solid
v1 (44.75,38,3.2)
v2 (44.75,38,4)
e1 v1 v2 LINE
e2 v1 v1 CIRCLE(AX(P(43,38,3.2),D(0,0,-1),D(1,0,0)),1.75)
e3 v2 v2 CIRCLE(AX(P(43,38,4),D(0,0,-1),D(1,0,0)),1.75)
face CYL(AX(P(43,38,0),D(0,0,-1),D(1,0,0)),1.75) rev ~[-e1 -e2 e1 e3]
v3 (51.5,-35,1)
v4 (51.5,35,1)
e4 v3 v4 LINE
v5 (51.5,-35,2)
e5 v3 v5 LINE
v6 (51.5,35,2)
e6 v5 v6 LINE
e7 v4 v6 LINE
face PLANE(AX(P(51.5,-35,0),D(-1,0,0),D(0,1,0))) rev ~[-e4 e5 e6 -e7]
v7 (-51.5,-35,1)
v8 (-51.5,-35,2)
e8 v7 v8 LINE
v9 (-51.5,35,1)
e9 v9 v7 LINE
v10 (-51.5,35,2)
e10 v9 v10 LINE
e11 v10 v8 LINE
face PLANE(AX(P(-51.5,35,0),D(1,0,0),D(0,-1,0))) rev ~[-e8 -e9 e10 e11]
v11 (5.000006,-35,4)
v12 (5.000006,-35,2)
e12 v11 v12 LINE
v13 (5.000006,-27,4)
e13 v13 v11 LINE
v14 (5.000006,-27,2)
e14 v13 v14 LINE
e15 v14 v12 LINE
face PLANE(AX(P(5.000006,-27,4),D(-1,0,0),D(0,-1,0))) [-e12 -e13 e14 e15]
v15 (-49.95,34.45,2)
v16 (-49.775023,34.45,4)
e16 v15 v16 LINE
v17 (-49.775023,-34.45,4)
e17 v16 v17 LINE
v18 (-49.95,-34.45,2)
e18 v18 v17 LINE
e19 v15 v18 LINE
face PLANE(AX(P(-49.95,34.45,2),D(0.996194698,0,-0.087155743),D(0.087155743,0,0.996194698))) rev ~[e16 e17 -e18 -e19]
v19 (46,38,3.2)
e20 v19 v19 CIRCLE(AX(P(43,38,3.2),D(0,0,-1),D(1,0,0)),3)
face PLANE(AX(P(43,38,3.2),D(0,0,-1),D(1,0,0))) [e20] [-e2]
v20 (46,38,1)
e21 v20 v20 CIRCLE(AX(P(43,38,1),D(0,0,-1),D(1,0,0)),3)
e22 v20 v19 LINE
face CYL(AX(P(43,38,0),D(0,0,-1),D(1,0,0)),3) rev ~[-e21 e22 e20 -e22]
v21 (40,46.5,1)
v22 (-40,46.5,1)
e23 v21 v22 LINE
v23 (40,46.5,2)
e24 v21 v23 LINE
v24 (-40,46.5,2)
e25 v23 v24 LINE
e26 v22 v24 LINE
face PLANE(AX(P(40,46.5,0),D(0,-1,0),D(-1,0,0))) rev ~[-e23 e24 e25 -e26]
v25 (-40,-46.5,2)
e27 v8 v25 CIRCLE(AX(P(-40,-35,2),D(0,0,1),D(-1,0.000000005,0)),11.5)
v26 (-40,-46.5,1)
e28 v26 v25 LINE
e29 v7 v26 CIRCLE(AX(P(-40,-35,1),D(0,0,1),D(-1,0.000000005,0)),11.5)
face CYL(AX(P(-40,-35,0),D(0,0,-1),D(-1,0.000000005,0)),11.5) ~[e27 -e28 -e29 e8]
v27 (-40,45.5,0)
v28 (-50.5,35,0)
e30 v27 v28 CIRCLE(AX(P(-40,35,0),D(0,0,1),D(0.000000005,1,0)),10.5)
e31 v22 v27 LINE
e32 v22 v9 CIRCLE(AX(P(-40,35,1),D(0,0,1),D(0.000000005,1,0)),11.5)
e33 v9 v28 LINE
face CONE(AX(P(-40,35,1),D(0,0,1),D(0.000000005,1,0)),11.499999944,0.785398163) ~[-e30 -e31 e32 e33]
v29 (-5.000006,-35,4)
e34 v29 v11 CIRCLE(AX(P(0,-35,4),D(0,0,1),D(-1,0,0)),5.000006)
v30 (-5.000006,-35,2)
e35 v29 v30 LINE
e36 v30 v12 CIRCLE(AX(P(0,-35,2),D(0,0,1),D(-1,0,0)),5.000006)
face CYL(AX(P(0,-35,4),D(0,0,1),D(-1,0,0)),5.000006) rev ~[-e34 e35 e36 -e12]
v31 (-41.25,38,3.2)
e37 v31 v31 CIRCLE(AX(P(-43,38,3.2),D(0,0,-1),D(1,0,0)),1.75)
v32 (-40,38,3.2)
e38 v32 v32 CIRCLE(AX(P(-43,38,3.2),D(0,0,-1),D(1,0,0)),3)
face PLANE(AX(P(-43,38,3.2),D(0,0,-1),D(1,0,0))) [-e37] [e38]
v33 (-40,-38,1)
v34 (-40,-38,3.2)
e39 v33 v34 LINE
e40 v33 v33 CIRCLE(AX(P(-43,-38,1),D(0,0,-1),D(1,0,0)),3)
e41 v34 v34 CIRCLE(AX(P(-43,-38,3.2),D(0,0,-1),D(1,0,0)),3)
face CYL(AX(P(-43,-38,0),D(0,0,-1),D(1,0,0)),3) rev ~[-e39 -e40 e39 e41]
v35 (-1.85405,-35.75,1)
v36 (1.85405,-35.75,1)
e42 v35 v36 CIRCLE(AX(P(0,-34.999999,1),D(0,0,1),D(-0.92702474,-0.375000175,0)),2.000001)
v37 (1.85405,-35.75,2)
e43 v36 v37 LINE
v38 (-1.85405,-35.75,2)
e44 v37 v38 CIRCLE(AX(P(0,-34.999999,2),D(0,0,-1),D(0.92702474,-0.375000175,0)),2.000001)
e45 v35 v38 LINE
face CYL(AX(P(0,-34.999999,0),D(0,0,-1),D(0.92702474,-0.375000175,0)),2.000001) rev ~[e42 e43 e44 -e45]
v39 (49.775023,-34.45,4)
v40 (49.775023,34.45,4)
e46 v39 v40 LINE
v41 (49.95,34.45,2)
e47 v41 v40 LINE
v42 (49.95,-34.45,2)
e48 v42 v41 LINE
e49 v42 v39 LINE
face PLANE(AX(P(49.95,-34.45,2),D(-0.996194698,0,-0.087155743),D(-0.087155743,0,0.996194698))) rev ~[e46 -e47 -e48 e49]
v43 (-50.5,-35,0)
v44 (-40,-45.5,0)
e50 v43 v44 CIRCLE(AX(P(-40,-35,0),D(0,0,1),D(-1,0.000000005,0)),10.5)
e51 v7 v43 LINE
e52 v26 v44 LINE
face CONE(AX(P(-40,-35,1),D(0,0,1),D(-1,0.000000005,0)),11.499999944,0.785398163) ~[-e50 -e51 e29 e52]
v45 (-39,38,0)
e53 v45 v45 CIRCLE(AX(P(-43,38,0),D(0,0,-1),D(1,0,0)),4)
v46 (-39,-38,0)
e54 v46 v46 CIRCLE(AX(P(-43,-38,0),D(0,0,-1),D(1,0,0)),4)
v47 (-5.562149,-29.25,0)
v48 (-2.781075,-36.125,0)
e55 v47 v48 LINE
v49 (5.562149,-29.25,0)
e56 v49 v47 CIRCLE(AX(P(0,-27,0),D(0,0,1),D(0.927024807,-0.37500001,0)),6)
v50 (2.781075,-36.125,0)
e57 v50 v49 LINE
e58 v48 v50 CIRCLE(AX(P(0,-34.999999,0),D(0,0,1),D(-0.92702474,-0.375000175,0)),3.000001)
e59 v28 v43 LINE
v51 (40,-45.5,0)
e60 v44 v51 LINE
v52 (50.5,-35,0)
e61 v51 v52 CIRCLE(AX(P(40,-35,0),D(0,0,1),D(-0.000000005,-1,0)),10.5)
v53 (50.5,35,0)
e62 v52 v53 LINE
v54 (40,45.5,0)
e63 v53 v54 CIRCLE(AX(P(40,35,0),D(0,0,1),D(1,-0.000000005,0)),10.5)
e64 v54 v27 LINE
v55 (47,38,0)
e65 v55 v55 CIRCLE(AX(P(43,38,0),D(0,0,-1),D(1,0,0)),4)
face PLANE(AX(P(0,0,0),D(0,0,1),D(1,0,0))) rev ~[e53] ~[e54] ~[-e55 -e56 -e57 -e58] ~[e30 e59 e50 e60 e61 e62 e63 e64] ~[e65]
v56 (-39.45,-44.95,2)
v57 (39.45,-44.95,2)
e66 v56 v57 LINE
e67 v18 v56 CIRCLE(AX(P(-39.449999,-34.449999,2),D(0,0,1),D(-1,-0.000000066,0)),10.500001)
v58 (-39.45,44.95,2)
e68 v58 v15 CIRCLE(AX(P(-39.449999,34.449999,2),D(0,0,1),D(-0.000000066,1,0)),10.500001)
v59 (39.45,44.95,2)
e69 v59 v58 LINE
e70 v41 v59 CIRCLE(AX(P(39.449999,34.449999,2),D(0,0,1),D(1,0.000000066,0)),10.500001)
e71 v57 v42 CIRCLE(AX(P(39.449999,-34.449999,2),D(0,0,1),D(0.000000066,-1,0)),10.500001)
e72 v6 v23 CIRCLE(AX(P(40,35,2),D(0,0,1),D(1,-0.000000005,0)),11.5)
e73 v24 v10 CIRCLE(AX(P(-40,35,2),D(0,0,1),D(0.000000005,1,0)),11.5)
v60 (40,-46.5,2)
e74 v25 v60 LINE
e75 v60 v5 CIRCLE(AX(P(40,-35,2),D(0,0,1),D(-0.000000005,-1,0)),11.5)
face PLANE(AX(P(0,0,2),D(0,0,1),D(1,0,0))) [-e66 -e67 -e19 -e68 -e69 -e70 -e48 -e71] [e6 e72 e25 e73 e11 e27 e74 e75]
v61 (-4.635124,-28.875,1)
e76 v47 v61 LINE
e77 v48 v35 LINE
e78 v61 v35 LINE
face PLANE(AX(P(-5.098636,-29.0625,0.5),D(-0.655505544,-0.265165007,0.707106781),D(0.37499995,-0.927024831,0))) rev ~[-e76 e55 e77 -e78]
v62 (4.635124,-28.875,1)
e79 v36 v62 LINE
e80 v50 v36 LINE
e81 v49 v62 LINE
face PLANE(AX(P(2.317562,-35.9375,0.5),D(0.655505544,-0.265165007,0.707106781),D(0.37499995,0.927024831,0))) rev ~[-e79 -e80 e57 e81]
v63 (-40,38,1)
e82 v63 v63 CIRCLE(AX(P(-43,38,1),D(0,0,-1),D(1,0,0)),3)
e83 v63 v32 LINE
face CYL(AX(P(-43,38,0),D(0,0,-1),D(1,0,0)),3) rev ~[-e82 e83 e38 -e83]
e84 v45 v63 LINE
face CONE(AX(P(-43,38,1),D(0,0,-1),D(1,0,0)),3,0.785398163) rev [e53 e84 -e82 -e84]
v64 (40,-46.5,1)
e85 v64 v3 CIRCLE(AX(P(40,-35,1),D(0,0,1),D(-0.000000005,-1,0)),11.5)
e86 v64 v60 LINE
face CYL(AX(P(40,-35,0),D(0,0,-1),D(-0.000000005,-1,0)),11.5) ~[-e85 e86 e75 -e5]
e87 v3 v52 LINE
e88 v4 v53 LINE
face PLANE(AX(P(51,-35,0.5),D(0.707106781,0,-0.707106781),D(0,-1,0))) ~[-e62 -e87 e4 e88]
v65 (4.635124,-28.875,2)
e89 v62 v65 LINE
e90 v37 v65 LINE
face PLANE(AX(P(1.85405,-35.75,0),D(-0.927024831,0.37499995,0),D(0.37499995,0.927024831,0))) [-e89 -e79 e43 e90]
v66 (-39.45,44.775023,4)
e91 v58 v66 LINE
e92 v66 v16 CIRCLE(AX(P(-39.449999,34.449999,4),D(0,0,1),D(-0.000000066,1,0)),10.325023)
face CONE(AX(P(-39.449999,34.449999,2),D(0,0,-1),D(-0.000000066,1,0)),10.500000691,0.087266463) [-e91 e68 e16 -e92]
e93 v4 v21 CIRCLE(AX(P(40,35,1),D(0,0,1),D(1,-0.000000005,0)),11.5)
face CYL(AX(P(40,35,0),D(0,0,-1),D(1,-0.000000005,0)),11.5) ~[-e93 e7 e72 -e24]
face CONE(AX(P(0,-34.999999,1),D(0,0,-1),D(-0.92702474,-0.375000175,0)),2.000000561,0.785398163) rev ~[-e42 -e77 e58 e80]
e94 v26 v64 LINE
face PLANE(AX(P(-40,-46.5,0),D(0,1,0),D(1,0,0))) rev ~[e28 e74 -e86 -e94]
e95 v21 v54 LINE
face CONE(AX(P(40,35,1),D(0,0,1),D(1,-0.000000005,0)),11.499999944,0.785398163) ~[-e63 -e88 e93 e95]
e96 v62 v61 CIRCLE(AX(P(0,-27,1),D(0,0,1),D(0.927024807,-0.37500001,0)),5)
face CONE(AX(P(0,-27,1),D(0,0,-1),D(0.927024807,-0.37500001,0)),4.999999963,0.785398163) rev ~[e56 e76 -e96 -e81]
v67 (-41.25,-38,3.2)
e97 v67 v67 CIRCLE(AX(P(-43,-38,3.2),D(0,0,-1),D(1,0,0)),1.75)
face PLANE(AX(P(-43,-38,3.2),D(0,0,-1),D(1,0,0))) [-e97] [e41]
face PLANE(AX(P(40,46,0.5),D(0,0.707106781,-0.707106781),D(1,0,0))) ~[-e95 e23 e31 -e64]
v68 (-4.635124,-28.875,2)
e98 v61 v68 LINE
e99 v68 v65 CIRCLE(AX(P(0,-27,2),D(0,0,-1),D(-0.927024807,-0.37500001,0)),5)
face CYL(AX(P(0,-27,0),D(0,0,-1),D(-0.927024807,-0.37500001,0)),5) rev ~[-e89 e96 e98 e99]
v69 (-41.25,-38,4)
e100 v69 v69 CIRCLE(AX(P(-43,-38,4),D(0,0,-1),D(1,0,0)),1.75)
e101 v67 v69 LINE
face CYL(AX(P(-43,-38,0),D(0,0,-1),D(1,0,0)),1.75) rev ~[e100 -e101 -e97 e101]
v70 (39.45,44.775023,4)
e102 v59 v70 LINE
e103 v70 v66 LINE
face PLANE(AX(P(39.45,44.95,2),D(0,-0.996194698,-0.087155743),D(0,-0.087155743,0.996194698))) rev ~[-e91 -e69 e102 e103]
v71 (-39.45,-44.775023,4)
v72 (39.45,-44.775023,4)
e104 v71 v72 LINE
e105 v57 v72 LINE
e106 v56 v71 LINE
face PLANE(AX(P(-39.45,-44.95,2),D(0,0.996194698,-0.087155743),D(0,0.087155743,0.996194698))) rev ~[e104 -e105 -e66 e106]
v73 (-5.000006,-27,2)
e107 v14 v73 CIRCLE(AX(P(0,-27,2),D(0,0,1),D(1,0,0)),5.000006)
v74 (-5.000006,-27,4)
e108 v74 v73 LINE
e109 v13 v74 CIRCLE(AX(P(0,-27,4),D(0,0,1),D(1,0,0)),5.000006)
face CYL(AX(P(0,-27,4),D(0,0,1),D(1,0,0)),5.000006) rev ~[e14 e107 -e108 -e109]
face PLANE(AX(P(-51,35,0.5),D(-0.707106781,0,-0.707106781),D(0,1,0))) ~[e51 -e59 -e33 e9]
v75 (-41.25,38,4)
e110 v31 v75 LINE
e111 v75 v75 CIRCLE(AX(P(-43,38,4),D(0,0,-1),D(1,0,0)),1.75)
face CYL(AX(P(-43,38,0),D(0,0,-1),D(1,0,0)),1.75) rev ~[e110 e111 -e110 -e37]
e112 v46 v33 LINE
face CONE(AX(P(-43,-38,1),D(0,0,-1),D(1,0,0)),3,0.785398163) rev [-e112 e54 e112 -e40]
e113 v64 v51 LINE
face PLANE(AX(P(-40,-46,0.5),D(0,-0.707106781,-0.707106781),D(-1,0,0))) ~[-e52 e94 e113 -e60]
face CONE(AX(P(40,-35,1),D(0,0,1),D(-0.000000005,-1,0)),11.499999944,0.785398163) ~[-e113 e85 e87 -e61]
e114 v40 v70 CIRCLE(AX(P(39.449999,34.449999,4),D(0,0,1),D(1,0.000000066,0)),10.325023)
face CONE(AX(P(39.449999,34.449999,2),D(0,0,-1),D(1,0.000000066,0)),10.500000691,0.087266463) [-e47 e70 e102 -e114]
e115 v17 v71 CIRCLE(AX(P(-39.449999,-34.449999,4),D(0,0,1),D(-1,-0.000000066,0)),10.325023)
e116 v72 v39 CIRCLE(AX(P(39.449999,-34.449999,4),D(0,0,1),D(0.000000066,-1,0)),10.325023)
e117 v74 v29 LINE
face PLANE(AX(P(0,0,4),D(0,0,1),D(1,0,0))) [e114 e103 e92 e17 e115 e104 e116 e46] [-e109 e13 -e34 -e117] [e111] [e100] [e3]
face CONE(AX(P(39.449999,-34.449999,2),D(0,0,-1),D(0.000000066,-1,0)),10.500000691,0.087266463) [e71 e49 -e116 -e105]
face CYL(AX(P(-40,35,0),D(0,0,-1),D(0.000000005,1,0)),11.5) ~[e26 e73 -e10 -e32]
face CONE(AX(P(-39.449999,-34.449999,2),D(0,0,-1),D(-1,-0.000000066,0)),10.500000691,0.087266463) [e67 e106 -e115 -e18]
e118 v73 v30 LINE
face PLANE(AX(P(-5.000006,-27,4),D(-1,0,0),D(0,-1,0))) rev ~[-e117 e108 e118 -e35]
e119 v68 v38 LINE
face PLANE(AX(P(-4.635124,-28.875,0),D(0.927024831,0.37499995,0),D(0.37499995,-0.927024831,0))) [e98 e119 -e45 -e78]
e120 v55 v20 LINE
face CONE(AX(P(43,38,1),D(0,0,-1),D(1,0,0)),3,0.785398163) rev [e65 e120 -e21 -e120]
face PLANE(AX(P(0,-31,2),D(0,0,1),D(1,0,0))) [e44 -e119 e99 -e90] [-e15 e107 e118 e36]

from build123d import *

# Parameters (mm, degrees)
PAD_DEPTH       = 2
PAD001_DEPTH    = 2
PAD001_TAPER    = 5
SKETCH002_R     = 3
POCKET_DEPTH    = 3.2
SKETCH003_R     = 1.75
POCKET001_DEPTH = 4.001
POCKET002_DEPTH = 4.001
POCKET003_DEPTH = 2
CHAMFER_SIZE    = 1


with BuildPart() as part:
    # Sketch → Pad (new body)
    with BuildSketch(Plane.XY):
        with BuildLine():
            Line((-40, -46.5), (40, -46.5))
            ThreePointArc((40, -46.5), (48.131728, -43.131728), (51.5, -35))
            Line((51.5, -35), (51.5, 35))
            ThreePointArc((51.5, 35), (48.131728, 43.131728), (40, 46.5))
            Line((40, 46.5), (-40, 46.5))
            ThreePointArc((-40, 46.5), (-48.131728, 43.131728), (-51.5, 35))
            Line((-51.5, 35), (-51.5, -35))
            ThreePointArc((-51.5, -35), (-48.131728, -43.131728), (-40, -46.5))
        make_face()
    extrude(amount=PAD_DEPTH)

    # Sketch001 (on Face10 of Pad) → Pad001 (join)
    with BuildSketch(Plane.XY.offset(2)):
        with BuildLine():
            Line((49.95, -34.45), (49.95, 34.45))
            ThreePointArc((49.95, 34.45), (46.874621, 41.874621), (39.45, 44.95))
            Line((39.45, 44.95), (-39.45, 44.95))
            ThreePointArc((-39.45, 44.95), (-46.874621, 41.874621), (-49.95, 34.45))
            Line((-49.95, 34.45), (-49.95, -34.45))
            ThreePointArc((-49.95, -34.45), (-46.874621, -41.874621), (-39.45, -44.95))
            Line((-39.45, -44.95), (39.45, -44.95))
            ThreePointArc((39.45, -44.95), (46.874621, -41.874621), (49.95, -34.45))
        make_face()
    extrude(amount=PAD001_DEPTH, taper=PAD001_TAPER)

    # Sketch002 (on Face4 of Pad001) → Pocket (cut)
    with BuildSketch(Plane(origin=(0, 0, 0), x_dir=(1, 0, 0), z_dir=(0, 0, -1))):
        with Locations((-43, 38)):
            Circle(SKETCH002_R)
        with Locations((-43, -38)):
            Circle(SKETCH002_R)
        with Locations((43, -38)):
            Circle(SKETCH002_R)
    extrude(amount=-POCKET_DEPTH, mode=Mode.SUBTRACT)

    # Sketch003 (on Face4 of Pocket) → Pocket001 (cut, through all)
    with BuildSketch(Plane(origin=(0, 0, 0), x_dir=(1, 0, 0), z_dir=(0, 0, -1))):
        with Locations((-43, 38)):
            Circle(SKETCH003_R)
        with Locations((-43, -38)):
            Circle(SKETCH003_R)
        with Locations((43, -38)):
            Circle(SKETCH003_R)
    extrude(amount=-POCKET001_DEPTH, mode=Mode.SUBTRACT)

    # Sketch004 (on Face4 of Pocket001) → Pocket002 (cut, through all)
    with BuildSketch(Plane(origin=(0, 0, 0), x_dir=(1, 0, 0), z_dir=(0, 0, -1))):
        with BuildLine():
            ThreePointArc((-4.635124, 28.875), (0, 22), (4.635124, 28.875))
            Line((1.85405, 35.75), (4.635124, 28.875))
            ThreePointArc((1.85405, 35.75), (0, 37), (-1.85405, 35.75))
            Line((-4.635124, 28.875), (-1.85405, 35.75))
        make_face()
    extrude(amount=-POCKET002_DEPTH, mode=Mode.SUBTRACT)

    # Sketch005 (on Face27 of Pocket002) → Pocket003 (cut)
    with BuildSketch(Plane.XY.offset(4)):
        with BuildLine():
            ThreePointArc((5.000006, -27), (0, -21.999994), (-5.000006, -27))
            Line((-5.000006, -27), (-5.000006, -35))
            ThreePointArc((-5.000006, -35), (0, -40.000006), (5.000006, -35))
            Line((5.000006, -27), (5.000006, -35))
        make_face()
    extrude(amount=-POCKET003_DEPTH, mode=Mode.SUBTRACT)

    # Chamfer
    chamfer_edges = [part.edges().sort_by_distance(p)[0] for p in [
        (0, -46.5, 0),
        (-48.131728, -43.131728, 0),
        (48.131728, -43.131728, 0),
        (-51.5, 0, 0),
        (51.5, 0, 0),
        (-48.131728, 43.131728, 0),
        (48.131728, 43.131728, 0),
        (0, 46.5, 0),
        (-46, -38, 0),
        (3.244587, -32.3125, 0),
        (0, -22, 0),
        (-3.244587, -32.3125, 0),
        (0, -37, 0),
        (-46, 38, 0),
        (40, 38, 0),
    ]]
    chamfer(chamfer_edges, length=CHAMFER_SIZE)


solid = part.part
